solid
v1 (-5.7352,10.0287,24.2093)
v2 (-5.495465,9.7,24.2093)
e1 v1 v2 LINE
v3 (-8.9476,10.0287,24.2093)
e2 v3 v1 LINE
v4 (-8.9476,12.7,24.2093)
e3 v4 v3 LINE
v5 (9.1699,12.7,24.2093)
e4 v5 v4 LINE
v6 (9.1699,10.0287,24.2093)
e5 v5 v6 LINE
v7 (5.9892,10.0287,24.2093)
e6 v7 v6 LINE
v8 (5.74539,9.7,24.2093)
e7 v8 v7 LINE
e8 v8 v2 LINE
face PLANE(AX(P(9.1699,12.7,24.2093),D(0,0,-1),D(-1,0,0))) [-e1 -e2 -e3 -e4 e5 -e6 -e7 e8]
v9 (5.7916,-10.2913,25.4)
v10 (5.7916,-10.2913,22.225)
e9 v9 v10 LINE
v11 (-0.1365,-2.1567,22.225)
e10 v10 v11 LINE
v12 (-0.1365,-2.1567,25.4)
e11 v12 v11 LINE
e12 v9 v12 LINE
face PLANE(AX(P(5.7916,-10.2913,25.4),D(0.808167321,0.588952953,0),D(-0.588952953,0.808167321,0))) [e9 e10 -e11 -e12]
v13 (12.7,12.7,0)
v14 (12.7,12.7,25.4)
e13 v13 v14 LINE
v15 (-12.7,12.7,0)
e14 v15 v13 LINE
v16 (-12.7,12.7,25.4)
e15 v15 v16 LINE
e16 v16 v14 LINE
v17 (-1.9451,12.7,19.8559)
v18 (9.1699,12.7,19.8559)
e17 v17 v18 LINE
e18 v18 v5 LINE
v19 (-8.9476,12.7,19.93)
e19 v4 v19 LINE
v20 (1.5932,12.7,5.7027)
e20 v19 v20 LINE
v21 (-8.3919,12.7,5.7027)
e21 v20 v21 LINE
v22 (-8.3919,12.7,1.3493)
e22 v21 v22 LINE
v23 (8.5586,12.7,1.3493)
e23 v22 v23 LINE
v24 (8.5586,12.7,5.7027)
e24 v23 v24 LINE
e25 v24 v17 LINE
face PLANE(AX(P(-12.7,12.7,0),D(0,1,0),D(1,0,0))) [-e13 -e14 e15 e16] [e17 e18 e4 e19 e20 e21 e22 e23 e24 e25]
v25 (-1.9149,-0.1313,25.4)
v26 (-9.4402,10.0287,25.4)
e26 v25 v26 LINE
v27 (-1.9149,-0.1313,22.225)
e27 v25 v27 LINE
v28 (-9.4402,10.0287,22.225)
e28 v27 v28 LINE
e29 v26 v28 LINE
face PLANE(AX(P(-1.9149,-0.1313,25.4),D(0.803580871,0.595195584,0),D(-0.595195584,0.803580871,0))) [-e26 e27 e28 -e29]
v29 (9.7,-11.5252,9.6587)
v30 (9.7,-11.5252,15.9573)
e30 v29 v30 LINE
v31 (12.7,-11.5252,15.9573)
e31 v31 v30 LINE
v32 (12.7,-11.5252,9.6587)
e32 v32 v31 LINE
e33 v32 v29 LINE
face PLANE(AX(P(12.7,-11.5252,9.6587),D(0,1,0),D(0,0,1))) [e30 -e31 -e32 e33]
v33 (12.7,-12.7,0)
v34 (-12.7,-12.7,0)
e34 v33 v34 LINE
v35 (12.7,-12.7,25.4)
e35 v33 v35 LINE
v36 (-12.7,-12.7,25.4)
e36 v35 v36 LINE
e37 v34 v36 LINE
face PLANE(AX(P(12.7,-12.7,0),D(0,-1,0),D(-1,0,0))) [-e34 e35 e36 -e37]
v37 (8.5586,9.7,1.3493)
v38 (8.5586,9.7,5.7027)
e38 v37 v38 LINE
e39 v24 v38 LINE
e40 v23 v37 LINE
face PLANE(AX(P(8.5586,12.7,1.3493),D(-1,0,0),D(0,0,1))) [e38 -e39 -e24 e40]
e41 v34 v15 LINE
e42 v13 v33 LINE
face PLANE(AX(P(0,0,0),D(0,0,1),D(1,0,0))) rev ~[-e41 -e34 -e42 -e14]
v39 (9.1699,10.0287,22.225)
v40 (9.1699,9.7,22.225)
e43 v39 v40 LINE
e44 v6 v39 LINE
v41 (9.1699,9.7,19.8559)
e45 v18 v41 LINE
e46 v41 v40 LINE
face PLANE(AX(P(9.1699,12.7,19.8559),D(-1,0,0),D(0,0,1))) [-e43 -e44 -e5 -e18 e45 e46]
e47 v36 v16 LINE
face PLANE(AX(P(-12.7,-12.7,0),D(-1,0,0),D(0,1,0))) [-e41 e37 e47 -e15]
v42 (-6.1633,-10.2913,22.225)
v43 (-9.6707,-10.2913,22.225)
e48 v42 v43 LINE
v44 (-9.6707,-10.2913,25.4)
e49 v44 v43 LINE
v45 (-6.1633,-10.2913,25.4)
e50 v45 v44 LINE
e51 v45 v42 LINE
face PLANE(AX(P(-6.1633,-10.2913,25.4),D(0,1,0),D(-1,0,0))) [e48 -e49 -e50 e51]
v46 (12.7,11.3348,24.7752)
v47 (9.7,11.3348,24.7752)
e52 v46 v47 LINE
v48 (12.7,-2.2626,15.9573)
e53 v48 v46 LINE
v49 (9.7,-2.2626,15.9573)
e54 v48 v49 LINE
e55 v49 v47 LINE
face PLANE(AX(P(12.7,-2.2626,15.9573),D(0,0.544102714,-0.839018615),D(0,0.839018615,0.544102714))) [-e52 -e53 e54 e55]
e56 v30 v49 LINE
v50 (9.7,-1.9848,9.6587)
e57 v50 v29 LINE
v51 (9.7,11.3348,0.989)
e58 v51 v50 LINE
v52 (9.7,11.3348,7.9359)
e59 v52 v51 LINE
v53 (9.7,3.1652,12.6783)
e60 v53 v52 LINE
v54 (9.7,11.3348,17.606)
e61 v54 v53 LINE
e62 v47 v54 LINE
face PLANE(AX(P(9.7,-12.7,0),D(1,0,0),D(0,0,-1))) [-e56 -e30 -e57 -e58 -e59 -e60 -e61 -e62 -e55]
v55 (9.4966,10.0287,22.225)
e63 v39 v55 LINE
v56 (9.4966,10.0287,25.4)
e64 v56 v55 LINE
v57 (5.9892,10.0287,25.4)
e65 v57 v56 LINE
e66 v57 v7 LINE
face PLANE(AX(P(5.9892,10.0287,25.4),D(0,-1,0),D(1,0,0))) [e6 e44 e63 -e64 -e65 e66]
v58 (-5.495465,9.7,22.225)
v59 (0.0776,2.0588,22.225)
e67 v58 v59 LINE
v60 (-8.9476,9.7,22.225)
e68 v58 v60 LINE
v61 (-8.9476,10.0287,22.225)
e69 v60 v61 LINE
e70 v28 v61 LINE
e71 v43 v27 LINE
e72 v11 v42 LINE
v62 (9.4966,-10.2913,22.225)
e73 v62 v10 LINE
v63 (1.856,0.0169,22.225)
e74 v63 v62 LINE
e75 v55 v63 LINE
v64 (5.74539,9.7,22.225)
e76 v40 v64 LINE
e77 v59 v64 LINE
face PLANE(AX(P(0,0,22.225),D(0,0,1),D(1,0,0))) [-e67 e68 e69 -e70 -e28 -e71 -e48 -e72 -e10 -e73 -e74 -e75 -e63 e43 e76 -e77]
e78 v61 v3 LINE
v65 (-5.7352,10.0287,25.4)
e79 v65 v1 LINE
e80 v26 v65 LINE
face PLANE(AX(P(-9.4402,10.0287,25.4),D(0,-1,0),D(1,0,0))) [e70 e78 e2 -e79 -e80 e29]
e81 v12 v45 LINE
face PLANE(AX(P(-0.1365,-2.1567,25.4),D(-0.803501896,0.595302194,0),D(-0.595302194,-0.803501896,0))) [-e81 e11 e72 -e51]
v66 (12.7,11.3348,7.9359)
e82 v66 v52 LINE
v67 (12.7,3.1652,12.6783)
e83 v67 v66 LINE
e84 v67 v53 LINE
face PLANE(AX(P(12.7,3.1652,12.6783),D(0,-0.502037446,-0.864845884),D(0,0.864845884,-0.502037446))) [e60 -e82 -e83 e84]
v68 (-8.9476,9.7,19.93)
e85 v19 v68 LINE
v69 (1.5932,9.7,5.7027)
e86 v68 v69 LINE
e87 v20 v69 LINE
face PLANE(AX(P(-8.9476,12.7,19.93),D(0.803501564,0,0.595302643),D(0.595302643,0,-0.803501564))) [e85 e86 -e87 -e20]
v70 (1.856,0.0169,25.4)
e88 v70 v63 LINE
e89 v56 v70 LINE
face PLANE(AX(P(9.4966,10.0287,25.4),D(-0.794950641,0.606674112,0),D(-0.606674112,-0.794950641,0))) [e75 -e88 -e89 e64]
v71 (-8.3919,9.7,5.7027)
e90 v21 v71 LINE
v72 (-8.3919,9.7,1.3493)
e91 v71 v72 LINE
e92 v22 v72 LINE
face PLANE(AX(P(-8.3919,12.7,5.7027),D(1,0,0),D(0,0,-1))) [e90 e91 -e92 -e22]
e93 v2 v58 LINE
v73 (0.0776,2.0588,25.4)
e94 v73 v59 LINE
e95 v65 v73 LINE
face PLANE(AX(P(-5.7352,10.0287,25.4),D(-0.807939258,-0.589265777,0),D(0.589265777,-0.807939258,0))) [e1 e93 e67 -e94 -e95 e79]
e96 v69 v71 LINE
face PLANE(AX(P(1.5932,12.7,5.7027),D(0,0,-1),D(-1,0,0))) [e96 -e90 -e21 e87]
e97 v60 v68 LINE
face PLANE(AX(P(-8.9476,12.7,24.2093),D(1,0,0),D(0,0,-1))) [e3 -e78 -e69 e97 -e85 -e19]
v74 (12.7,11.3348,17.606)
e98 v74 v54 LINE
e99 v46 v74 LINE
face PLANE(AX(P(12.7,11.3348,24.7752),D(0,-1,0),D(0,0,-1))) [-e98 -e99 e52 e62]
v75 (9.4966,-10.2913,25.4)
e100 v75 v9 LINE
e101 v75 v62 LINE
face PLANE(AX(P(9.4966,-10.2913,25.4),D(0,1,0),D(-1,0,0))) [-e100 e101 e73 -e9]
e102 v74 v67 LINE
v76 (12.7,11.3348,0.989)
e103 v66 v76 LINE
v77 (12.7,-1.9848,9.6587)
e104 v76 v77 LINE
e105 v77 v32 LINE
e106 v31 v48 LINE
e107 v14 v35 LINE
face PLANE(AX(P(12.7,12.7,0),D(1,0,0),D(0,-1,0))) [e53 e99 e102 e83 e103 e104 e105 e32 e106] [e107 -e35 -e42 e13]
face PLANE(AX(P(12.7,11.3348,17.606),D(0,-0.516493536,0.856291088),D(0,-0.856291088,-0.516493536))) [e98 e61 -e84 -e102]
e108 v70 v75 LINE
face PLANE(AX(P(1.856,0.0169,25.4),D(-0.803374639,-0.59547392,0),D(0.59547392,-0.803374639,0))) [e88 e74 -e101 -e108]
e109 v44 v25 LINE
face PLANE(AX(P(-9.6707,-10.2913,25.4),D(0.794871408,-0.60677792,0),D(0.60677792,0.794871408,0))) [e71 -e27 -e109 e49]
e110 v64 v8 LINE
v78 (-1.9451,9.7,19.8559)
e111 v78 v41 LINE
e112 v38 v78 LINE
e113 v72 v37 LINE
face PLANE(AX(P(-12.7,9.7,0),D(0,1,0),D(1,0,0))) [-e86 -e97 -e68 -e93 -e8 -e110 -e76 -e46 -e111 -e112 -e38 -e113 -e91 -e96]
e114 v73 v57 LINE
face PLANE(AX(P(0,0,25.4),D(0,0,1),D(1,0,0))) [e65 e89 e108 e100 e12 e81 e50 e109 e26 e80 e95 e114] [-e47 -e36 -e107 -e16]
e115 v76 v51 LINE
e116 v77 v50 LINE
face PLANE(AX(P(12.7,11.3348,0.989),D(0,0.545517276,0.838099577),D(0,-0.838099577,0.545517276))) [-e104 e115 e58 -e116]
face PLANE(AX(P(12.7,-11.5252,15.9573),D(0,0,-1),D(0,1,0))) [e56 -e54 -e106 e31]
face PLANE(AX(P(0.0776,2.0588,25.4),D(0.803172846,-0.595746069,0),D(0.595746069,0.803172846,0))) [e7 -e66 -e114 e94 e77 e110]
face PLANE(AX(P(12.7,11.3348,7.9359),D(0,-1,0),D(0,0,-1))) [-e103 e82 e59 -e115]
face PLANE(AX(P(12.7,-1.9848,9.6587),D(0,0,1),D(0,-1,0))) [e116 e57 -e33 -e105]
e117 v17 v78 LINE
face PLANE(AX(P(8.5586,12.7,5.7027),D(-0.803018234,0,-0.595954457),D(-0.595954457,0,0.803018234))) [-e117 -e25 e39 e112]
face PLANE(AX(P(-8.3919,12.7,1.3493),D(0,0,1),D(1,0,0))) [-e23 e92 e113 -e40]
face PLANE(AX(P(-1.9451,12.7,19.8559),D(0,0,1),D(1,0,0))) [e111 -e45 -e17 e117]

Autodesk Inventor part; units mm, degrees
ref_plane "YZ Plane" through (0, 0, 0) normal (1, 0, 0) x (0, 1, 0)
ref_plane "XZ Plane" through (0, 0, 0) normal (0, 1, 0) x (-1, 0, 0)
ref_plane "XY Plane" through (0, 0, 0) normal (0, 0, 1) x (1, 0, 0)
sketch "Sketch3" plane through (0, 0, 0) normal (0, 0, 1) x (1, 0, 0)
  line L0 (12.7, -12.7) -> (-12.7, -12.7)
  line L1 (-12.7, -12.7) -> (-12.7, 12.7)
  line L2 (-12.7, 12.7) -> (12.7, 12.7)
  line L3 (12.7, 12.7) -> (12.7, -12.7)
  line L4 (12.7, -12.7) -> (-12.7, 12.7) construction
  line L5 (-12.7, -12.7) -> (12.7, 12.7) construction
  point P0 (0, 0)
  dimension "d0" = 25.4
  dimension "d1" = 25.4
extrude "Cubo" add sketch "Sketch3" along normal blind 25.4
sketch "Sketch5" plane through (0, 0, 25.4) normal (0, 0, 1) x (1, 0, 0)
  line L0 (-12.1868, 12.0555) -> (12.0292, 12.0555) construction
  line L1 (12.0292, 12.0555) -> (12.0292, -12.3181) construction
  line L2 (12.0292, -12.3181) -> (-12.1868, -12.3181) construction
  line L3 (-12.1868, -12.3181) -> (-12.1868, 12.0555) construction
  line L4 (9.4966, -10.2913) -> (5.7916, -10.2913)
  line L5 (5.7916, -10.2913) -> (-0.1365, -2.1567)
  line L6 (-0.1365, -2.1567) -> (-6.1633, -10.2913)
  line L7 (-6.1633, -10.2913) -> (-9.6707, -10.2913)
  line L8 (-9.6707, -10.2913) -> (-1.9149, -0.1313)
  line L9 (-1.9149, -0.1313) -> (-9.4402, 10.0287)
  line L10 (-9.4402, 10.0287) -> (-5.7352, 10.0287)
  line L11 (-5.7352, 10.0287) -> (0.0776, 2.0588)
  line L12 (0.0776, 2.0588) -> (5.9892, 10.0287)
  line L13 (5.9892, 10.0287) -> (9.4966, 10.0287)
  line L14 (9.4966, 10.0287) -> (1.856, 0.0169)
  line L15 (1.856, 0.0169) -> (9.4966, -10.2913)
  point P0 (0, 0)
extrude "X" cut sketch "Sketch5" against normal blind 3.175
sketch "Esboço9" plane through (12.7, -12.7, 0) normal (1, 0, 0) x (0, 0, -1)
  line L0 (-24.9757, 24.9816) -> (-0.1587, 24.9816) construction
  line L1 (-0.1587, 24.9816) -> (-0.1587, 0.228) construction
  line L2 (-0.1587, 0.228) -> (-24.9757, 0.228) construction
  line L3 (-24.9757, 0.228) -> (-24.9757, 24.9816) construction
  line L4 (-0.989, 24.0348) -> (-9.6587, 10.7152)
  line L5 (-9.6587, 10.7152) -> (-9.6587, 1.1748)
  line L6 (-9.6587, 1.1748) -> (-15.9573, 1.1748)
  line L7 (-15.9573, 1.1748) -> (-15.9573, 10.4374)
  line L8 (-15.9573, 10.4374) -> (-24.7752, 24.0348)
  line L9 (-24.7752, 24.0348) -> (-17.606, 24.0348)
  line L10 (-17.606, 24.0348) -> (-12.6783, 15.8652)
  line L11 (-12.6783, 15.8652) -> (-7.9359, 24.0348)
  line L12 (-7.9359, 24.0348) -> (-0.989, 24.0348)
  point P0 (0, 12.7)
extrude "Extrusão6" cut sketch "Esboço9" against normal blind 3
sketch "Esboço10" plane through (-12.7, 12.7, 0) normal (0, 1, 0) x (1, 0, 0)
  line L0 (0.3012, -0.2854) -> (25.0988, -0.2854) construction
  line L1 (25.0988, -0.2854) -> (25.0988, -25.2732) construction
  line L2 (25.0988, -25.2732) -> (0.3012, -25.2732) construction
  line L3 (0.3012, -25.2732) -> (0.3012, -0.2854) construction
  line L4 (21.8699, -24.2093) -> (3.7524, -24.2093)
  line L5 (3.7524, -24.2093) -> (3.7524, -19.93)
  line L6 (3.7524, -19.93) -> (14.2932, -5.7027)
  line L7 (14.2932, -5.7027) -> (4.3081, -5.7027)
  line L8 (4.3081, -5.7027) -> (4.3081, -1.3493)
  line L9 (4.3081, -1.3493) -> (21.2586, -1.3493)
  line L10 (21.2586, -1.3493) -> (21.2586, -5.7027)
  line L11 (21.2586, -5.7027) -> (10.7549, -19.8559)
  line L12 (10.7549, -19.8559) -> (21.8699, -19.8559)
  line L13 (21.8699, -19.8559) -> (21.8699, -24.2093)
  point P0 (12.7, 0)
extrude "Extrusão7" cut sketch "Esboço10" against normal blind 3
properties part number "Cubo_3DPrint"
